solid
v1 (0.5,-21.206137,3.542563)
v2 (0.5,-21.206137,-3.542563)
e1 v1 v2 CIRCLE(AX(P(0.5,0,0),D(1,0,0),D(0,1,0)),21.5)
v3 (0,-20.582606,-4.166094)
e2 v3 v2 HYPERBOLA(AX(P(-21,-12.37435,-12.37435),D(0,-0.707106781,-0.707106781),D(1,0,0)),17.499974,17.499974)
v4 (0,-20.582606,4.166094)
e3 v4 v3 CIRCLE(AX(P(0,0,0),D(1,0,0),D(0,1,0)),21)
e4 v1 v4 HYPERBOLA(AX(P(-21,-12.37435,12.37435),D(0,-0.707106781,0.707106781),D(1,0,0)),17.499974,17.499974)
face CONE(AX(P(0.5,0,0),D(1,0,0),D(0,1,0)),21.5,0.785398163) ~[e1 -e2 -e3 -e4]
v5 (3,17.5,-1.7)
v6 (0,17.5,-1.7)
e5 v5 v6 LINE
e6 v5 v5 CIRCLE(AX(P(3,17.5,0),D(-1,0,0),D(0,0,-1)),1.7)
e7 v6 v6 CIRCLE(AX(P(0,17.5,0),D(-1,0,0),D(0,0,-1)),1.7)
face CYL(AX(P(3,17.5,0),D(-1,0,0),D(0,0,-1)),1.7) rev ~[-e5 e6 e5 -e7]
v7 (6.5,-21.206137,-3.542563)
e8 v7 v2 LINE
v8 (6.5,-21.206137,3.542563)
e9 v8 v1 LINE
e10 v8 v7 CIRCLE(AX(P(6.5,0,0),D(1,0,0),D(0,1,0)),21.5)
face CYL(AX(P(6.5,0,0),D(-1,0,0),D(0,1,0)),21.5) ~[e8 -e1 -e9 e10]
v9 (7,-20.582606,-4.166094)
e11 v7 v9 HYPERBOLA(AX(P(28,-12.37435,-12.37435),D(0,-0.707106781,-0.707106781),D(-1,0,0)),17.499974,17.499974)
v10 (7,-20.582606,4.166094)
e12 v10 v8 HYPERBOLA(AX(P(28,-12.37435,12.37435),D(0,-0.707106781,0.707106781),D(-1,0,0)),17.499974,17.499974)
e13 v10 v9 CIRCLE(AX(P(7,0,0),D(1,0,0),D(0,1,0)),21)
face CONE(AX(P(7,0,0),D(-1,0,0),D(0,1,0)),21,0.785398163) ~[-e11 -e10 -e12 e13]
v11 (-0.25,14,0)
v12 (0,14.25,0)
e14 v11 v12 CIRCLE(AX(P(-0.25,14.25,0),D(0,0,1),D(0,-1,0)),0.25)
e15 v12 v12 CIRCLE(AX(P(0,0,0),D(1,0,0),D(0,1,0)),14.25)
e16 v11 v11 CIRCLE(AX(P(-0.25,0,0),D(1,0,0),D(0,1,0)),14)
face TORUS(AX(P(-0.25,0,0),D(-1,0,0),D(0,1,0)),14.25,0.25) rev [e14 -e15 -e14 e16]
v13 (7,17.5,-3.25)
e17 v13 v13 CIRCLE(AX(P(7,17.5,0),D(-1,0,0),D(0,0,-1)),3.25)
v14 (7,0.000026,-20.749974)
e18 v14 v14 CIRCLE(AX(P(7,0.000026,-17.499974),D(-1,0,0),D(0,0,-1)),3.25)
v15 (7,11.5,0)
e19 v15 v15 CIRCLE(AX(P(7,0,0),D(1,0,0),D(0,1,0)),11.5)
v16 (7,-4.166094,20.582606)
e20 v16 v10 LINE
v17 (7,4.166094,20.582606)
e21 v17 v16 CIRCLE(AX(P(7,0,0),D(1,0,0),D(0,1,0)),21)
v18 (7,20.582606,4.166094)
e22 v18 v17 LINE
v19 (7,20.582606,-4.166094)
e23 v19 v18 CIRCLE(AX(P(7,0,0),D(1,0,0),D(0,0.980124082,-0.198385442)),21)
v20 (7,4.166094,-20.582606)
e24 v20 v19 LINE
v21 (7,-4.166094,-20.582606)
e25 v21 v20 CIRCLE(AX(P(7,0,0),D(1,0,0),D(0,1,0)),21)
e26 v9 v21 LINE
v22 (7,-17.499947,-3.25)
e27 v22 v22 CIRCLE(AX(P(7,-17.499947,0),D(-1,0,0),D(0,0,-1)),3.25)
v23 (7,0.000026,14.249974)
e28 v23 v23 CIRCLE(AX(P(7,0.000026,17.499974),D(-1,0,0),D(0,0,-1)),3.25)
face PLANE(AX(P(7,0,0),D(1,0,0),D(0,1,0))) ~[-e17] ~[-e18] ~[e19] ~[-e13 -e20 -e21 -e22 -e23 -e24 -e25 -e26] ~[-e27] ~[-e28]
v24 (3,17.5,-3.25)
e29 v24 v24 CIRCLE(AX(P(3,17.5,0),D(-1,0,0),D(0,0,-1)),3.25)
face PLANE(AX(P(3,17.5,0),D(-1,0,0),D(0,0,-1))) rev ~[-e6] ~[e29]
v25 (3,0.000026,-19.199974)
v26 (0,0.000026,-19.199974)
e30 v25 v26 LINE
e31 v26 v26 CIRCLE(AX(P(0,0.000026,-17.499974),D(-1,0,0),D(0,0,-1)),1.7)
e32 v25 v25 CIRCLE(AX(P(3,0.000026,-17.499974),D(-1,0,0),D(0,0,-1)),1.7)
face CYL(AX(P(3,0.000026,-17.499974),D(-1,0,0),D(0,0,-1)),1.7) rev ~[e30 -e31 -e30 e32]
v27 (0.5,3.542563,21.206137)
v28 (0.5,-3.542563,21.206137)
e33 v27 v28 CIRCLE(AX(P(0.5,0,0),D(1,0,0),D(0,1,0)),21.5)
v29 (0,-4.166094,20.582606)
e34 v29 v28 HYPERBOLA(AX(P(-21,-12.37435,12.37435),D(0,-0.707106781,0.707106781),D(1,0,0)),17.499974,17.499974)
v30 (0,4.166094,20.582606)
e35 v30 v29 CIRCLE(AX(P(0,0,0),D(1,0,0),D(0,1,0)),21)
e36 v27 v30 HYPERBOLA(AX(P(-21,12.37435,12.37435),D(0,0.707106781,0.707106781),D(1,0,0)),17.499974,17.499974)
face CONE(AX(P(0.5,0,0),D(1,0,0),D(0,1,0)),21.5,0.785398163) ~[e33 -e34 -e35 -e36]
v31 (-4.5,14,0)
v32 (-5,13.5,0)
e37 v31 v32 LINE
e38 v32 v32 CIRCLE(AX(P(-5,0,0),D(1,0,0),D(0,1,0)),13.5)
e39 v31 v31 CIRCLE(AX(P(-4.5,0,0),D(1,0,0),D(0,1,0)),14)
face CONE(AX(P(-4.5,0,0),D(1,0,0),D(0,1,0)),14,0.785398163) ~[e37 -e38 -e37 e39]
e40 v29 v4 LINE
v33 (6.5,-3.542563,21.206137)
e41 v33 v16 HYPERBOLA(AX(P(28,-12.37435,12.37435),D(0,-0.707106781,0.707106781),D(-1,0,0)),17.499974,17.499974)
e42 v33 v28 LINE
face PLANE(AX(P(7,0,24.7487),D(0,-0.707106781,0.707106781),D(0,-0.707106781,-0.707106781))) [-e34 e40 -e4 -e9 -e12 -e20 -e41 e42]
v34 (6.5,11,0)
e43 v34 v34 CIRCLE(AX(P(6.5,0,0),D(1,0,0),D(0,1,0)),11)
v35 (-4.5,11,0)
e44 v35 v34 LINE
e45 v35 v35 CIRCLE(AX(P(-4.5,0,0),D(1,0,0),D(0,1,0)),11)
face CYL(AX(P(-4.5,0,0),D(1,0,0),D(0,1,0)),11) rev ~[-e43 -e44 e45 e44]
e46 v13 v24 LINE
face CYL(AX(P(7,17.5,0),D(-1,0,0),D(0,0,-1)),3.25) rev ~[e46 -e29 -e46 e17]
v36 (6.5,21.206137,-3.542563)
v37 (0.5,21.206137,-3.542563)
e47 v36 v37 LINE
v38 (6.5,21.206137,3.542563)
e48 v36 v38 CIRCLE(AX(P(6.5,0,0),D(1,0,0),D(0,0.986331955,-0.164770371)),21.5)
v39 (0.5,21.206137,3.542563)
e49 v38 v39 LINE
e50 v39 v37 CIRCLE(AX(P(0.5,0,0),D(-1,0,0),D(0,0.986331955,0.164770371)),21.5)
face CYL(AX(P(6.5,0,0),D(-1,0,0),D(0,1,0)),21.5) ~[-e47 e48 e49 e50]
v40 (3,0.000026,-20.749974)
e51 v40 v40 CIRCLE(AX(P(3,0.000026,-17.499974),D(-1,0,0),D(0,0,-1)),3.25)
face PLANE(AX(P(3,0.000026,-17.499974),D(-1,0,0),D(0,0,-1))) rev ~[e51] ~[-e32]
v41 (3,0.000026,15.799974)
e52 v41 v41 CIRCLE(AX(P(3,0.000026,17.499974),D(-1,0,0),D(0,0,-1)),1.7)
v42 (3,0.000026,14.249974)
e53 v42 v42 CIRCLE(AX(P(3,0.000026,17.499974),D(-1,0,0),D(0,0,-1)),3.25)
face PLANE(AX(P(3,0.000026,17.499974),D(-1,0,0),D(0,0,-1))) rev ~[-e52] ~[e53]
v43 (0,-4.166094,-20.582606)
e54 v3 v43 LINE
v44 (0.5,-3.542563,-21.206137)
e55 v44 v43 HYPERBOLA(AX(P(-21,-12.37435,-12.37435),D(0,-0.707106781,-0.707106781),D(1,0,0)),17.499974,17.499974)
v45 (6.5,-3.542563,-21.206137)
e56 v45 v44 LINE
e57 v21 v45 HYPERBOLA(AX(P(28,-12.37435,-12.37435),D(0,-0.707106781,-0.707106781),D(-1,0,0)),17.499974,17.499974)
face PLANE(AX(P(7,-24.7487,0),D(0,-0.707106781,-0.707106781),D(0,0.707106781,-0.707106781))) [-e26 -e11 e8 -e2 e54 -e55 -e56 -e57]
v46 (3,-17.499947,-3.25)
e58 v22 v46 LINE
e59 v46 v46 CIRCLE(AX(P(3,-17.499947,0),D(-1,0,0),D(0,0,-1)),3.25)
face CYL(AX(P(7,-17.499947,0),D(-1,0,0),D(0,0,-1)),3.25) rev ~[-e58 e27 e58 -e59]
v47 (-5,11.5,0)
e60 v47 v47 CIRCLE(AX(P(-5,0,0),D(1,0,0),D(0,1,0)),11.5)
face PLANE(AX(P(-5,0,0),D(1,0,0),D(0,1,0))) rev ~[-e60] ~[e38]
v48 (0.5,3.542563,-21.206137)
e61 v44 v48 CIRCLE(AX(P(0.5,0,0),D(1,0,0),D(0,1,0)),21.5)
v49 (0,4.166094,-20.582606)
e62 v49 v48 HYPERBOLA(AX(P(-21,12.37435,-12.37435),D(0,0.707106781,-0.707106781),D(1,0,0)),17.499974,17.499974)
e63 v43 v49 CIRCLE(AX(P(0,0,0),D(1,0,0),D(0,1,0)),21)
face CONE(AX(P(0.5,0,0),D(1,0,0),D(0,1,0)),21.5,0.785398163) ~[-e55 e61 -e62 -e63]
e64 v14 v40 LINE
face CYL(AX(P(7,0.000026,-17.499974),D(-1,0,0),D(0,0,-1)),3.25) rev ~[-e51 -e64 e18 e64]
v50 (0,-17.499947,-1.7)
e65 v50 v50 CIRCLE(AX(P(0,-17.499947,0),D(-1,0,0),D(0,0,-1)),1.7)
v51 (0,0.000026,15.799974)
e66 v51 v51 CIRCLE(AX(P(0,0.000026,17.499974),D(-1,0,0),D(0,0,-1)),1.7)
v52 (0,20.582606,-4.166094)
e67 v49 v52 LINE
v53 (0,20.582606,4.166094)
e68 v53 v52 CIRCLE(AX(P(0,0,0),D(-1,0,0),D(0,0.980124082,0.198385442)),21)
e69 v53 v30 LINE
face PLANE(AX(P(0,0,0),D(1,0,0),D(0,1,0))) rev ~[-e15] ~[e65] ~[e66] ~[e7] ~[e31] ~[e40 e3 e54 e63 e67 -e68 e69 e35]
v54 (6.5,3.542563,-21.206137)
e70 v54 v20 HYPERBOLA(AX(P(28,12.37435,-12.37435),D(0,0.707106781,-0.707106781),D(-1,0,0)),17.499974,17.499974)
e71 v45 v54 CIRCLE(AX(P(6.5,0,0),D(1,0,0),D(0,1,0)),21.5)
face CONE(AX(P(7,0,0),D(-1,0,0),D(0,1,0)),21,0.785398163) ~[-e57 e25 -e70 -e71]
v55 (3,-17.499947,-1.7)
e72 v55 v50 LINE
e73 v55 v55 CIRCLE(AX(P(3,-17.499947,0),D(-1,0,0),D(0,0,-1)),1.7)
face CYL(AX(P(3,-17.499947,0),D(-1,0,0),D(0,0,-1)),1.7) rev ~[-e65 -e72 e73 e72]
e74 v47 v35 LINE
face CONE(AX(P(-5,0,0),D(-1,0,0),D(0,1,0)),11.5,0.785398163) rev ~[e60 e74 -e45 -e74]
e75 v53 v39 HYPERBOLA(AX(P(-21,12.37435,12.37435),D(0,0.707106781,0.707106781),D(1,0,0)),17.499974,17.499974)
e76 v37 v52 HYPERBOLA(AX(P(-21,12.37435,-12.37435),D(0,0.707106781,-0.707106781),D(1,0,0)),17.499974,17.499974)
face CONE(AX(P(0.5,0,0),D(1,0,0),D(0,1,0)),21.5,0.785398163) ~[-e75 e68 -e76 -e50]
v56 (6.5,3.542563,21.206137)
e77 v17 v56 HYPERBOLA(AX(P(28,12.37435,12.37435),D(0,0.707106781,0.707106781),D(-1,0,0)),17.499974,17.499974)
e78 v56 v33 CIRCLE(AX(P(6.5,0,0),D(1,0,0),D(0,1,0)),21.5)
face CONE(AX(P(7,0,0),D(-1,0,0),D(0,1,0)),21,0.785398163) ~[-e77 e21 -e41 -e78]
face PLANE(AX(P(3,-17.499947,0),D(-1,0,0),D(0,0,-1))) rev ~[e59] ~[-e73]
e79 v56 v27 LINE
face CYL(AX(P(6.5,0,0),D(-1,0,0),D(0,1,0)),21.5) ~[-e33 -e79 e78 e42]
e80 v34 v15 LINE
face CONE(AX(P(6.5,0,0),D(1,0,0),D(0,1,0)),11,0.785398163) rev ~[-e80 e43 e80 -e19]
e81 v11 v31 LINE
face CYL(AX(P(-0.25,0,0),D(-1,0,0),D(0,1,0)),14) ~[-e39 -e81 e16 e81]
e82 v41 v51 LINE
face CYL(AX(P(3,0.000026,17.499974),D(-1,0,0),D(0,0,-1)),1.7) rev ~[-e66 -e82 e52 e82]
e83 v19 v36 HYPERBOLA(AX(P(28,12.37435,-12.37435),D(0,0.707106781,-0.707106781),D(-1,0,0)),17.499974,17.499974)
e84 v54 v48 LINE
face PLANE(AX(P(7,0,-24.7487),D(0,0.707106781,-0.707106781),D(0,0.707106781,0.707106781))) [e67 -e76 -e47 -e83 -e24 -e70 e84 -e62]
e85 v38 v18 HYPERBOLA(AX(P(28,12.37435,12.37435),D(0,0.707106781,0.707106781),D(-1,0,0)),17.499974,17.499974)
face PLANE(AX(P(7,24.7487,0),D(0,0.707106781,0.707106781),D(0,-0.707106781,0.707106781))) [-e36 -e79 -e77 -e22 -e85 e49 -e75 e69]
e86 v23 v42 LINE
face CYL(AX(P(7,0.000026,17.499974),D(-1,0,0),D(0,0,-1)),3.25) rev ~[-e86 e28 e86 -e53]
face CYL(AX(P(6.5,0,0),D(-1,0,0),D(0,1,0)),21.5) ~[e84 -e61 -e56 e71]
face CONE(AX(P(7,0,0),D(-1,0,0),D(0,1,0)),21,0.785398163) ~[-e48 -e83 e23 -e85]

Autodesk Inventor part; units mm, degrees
sketch "Sketch_1" plane through (0, 0, 0) normal (0, 0, 1) x (1, 0, 0)
  line L0 (50, 0) -> (-50, 0)
  line L1 (-5, 11.5) -> (-4.5, 11)
  line L2 (-4.5, 11) -> (6.5, 11)
  line L3 (6.5, 11) -> (7, 11.5)
  line L4 (7, 11.5) -> (7, 21)
  line L5 (7, 21) -> (6.5, 21.5)
  line L6 (6.5, 21.5) -> (0.5, 21.5)
  line L7 (0.5, 21.5) -> (0, 21)
  line L8 (0, 21) -> (0, 14.25)
  arc A0 (-0.25, 14) -> (0, 14.25) centre (-0.25, 14.25) ccw
  line L9 (-0.25, 14) -> (-4.5, 14)
  line L10 (-4.5, 14) -> (-5, 13.5)
  line L11 (-5, 13.5) -> (-5, 11.5)
revolve "Revolution1" add sketch "Sketch_1" angle 360 about axis through (50, 0, 0) along (1, 0, 0)
sketch "Sketch_2" plane through (7, 0, 0) normal (1, 0, 0) x (0, 0, -1)
  line L0 (-49.4975, 0) -> (0, -49.4975)
  line L1 (0, -49.4975) -> (49.4975, 0)
  line L2 (49.4975, 0) -> (0, 49.4975)
  line L3 (0, 49.4975) -> (-49.4975, 0)
  line L4 (-24.7487, 0) -> (0, -24.7487)
  line L5 (0, -24.7487) -> (24.7487, 0)
  line L6 (24.7487, 0) -> (0, 24.7487)
  line L7 (0, 24.7487) -> (-24.7487, 0)
extrude "Extrusion1" cut sketch "Sketch_2" against normal blind 7
sketch "Sketch3" plane through (7, 0, 0) normal (1, 0, 0) x (0, 0, -1)
  point P0 (0, 17.5)
hole "Hole1" at (7, 17.5, 0) direction (-1, 0, 0) diameter 3.4 depth 7 counterbore diameter 6.5 counterbore depth 4
pattern_linear "Rectangular Pattern1" count 2 spacing 24.7487 along (0, -0.7071, 0.7071) count 2 spacing 24.7487 along (0, -0.7071, -0.7071) of "Hole1"
ref_plane "ff_1_XY" through (0, 0, 0) normal (1, 0, 0) x (0, 0, -1)
ref_plane "ff_1_YZ" through (0, 0, 0) normal (0, 0, -1) x (0, 1, 0)
ref_plane "ff_1_ZX" through (0, 0, 0) normal (0, 1, 0) x (1, 0, 0)
ref_plane "ff_2x_XY" through (1, 0, 0) normal (1, 0, 0) x (0, 0, -1)
ref_plane "ff_2x_YZ" through (1, 0, 0) normal (0, 0, -1) x (0, 1, 0)
ref_plane "ff_2x_ZX" through (1, 0, 0) normal (0, 1, 0) x (1, 0, 0)
properties part number "FF 10Part1"
